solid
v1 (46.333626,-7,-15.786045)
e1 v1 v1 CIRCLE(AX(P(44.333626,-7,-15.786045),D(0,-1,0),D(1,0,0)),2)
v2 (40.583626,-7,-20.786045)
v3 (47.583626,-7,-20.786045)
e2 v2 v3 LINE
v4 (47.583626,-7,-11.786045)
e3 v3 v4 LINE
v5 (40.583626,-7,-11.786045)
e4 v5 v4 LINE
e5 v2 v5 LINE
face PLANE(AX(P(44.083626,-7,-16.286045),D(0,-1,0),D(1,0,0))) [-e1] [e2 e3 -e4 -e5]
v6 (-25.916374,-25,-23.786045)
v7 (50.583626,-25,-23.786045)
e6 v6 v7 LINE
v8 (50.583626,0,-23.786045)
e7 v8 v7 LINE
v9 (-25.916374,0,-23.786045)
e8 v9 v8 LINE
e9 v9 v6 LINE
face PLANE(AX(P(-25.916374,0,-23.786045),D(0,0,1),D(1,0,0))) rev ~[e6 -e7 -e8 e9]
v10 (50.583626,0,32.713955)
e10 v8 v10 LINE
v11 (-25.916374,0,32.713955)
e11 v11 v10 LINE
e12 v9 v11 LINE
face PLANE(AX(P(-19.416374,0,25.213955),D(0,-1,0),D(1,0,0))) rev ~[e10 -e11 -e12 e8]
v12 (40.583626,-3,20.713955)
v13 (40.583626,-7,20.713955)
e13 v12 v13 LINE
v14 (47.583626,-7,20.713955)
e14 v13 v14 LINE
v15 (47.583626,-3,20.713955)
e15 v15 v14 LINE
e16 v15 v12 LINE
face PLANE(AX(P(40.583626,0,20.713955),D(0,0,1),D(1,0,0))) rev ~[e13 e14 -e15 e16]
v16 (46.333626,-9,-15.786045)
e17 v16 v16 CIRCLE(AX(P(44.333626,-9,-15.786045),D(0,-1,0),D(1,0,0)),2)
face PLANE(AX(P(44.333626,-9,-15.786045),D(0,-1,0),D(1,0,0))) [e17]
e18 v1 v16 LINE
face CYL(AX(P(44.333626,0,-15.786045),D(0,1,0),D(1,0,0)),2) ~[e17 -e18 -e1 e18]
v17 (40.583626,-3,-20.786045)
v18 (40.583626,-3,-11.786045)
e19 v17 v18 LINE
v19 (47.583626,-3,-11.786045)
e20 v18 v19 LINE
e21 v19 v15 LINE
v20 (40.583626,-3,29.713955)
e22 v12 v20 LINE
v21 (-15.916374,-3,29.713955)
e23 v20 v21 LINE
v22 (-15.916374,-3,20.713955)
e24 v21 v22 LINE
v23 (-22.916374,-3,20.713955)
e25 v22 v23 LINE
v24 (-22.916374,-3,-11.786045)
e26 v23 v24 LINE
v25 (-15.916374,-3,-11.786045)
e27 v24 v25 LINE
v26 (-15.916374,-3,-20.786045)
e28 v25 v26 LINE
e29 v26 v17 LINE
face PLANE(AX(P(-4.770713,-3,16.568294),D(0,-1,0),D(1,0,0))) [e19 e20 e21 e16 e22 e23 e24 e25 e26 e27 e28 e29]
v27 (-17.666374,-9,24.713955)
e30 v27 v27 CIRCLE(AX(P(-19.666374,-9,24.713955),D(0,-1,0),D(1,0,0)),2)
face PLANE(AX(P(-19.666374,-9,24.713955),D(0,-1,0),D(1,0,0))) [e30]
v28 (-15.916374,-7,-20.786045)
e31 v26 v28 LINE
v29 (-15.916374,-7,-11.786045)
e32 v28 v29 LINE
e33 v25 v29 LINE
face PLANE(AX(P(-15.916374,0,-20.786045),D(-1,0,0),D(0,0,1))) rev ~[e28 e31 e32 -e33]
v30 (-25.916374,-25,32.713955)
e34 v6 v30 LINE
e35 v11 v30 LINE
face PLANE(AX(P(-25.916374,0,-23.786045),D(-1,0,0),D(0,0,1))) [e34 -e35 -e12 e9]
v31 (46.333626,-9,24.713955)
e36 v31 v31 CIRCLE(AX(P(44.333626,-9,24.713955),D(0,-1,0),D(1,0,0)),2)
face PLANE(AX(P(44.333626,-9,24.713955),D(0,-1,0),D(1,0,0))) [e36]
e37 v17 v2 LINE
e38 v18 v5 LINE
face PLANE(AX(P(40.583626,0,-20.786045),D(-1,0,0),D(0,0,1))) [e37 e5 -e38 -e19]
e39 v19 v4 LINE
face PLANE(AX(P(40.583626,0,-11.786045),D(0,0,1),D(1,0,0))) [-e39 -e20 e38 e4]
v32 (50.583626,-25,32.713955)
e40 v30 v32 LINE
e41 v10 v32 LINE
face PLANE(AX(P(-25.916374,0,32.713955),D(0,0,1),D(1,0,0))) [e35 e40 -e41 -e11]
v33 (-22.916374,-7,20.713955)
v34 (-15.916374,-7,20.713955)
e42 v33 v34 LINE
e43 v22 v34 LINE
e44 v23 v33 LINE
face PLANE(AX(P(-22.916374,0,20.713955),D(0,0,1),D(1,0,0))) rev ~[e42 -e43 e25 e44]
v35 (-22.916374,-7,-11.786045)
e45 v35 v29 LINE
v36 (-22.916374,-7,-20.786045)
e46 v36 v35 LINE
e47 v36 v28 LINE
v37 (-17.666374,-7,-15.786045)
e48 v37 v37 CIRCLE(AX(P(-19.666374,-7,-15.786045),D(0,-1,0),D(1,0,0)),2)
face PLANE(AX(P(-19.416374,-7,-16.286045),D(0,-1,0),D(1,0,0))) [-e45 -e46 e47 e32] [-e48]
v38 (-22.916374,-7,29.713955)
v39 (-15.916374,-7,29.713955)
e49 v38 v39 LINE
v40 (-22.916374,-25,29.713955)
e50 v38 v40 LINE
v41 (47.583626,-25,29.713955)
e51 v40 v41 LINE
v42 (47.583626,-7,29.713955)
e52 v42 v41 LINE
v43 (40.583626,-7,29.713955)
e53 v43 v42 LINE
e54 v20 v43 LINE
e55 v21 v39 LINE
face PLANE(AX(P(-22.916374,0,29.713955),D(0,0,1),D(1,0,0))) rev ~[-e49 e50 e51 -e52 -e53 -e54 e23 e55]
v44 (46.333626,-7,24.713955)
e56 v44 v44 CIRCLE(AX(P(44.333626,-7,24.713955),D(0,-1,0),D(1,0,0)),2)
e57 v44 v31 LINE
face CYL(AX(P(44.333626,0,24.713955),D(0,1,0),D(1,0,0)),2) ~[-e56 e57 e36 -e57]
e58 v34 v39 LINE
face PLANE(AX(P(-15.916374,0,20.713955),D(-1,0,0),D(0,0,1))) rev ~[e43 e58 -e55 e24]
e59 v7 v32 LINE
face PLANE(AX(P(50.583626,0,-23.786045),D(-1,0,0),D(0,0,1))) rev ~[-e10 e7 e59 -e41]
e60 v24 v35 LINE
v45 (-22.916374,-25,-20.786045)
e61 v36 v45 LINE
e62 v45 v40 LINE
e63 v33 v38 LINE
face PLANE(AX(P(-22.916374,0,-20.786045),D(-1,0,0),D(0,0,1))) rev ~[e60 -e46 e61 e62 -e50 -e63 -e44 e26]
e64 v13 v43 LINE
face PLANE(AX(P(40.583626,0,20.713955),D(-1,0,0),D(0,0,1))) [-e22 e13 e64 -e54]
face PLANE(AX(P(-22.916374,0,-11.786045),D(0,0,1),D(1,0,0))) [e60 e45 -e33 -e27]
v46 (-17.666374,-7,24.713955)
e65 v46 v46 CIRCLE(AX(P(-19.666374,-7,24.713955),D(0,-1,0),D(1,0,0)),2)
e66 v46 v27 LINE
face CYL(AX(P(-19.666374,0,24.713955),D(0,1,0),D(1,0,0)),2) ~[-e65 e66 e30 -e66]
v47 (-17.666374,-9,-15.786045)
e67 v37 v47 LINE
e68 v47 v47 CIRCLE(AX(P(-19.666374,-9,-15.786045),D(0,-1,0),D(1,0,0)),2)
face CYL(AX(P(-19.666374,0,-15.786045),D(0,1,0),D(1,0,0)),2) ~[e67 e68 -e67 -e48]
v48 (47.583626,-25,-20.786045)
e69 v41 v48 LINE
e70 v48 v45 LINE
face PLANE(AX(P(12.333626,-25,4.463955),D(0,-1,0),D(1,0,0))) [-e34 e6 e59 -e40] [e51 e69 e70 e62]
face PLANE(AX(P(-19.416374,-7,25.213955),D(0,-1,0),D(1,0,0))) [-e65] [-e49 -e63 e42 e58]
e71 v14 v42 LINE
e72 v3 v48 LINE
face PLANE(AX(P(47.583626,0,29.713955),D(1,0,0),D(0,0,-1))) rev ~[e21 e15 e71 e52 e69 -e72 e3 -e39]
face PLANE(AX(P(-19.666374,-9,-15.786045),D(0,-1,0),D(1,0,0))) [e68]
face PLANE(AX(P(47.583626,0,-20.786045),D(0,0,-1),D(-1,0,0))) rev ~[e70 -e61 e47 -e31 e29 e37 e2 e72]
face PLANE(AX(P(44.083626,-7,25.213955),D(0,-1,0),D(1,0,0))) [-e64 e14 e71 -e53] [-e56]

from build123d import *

# Parameters (mm, degrees)
F0_W     = 76.5
F0_H     = 56.5
F1_DEPTH = 25
F2_DEPTH = 3
F0_W_2   = 7
F0_H_2   = 9
F0_R     = 2
F3_DEPTH = 7
F4_DEPTH = 9
F5_DEPTH = 9
F6_DEPTH = 9


with BuildPart() as f1:
    # F0 (on Front) → F1 (new body)
    with BuildSketch(Plane.XZ):
        with Locations((12.333626, 4.463955)):
            Rectangle(F0_W, F0_H)
        Polygon((-22.916374, 20.713955), (-22.916374, 29.713955), (-15.916374, 29.713955), (12.333626, 29.713955), (40.583626, 29.713955), (47.583626, 29.713955), (47.583626, 20.713955), (47.583626, 4.463955), (47.583626, -11.786045), (47.583626, -20.786045), (40.583626, -20.786045), (12.333626, -20.786045), (-15.916374, -20.786045), (-22.916374, -20.786045), (-22.916374, -11.786045), (-22.916374, 4.463955), align=None, mode=Mode.SUBTRACT)
    extrude(amount=F1_DEPTH)

    # F0 (on Front) → F2 (join)
    with BuildSketch(Plane.XZ):
        Polygon((12.333626, 29.713955), (-15.916374, 29.713955), (-15.916374, 20.713955), (-22.916374, 20.713955), (-22.916374, 4.463955), (12.333626, 4.463955), align=None)
        Polygon((40.583626, 29.713955), (12.333626, 29.713955), (12.333626, 4.463955), (47.583626, 4.463955), (47.583626, 20.713955), (40.583626, 20.713955), align=None)
        Polygon((47.583626, 4.463955), (12.333626, 4.463955), (12.333626, -20.786045), (40.583626, -20.786045), (40.583626, -11.786045), (47.583626, -11.786045), align=None)
        Polygon((12.333626, 4.463955), (-22.916374, 4.463955), (-22.916374, -11.786045), (-15.916374, -11.786045), (-15.916374, -20.786045), (12.333626, -20.786045), align=None)
    extrude(amount=F2_DEPTH)

    # F0 (on Front) → F3 (join)
    with BuildSketch(Plane.XZ):
        with Locations((-19.416374, 25.213955)):
            Rectangle(F0_W_2, F0_H_2)
        with Locations((-19.666374, 24.713955)):
            Circle(F0_R, mode=Mode.SUBTRACT)
        with Locations((44.083626, 25.213955)):
            Rectangle(F0_W_2, F0_H_2)
        with Locations((44.333626, 24.713955)):
            Circle(F0_R, mode=Mode.SUBTRACT)
        with Locations((44.083626, -16.286045)):
            Rectangle(F0_W_2, F0_H_2)
        with Locations((44.333626, -15.786045)):
            Circle(F0_R, mode=Mode.SUBTRACT)
        with Locations((-19.416374, -16.286045)):
            Rectangle(F0_W_2, F0_H_2)
        with Locations((-19.666374, -15.786045)):
            Circle(F0_R, mode=Mode.SUBTRACT)
    extrude(amount=F3_DEPTH)

    # F0 (on Front) → F4 (join)
    with BuildSketch(Plane.XZ):
        with Locations((-19.666374, 24.713955)):
            Circle(F0_R)
        with Locations((44.333626, -15.786045)):
            Circle(F0_R)
    extrude(amount=F4_DEPTH)

    # F0 (on Front) → F5 (join)
    with BuildSketch(Plane.XZ):
        with Locations((44.333626, 24.713955)):
            Circle(F0_R)
    extrude(amount=F5_DEPTH)

    # F0 (on Front) → F6 (join)
    with BuildSketch(Plane.XZ):
        with Locations((-19.666374, -15.786045)):
            Circle(F0_R)
    extrude(amount=F6_DEPTH)


solid = f1.part
